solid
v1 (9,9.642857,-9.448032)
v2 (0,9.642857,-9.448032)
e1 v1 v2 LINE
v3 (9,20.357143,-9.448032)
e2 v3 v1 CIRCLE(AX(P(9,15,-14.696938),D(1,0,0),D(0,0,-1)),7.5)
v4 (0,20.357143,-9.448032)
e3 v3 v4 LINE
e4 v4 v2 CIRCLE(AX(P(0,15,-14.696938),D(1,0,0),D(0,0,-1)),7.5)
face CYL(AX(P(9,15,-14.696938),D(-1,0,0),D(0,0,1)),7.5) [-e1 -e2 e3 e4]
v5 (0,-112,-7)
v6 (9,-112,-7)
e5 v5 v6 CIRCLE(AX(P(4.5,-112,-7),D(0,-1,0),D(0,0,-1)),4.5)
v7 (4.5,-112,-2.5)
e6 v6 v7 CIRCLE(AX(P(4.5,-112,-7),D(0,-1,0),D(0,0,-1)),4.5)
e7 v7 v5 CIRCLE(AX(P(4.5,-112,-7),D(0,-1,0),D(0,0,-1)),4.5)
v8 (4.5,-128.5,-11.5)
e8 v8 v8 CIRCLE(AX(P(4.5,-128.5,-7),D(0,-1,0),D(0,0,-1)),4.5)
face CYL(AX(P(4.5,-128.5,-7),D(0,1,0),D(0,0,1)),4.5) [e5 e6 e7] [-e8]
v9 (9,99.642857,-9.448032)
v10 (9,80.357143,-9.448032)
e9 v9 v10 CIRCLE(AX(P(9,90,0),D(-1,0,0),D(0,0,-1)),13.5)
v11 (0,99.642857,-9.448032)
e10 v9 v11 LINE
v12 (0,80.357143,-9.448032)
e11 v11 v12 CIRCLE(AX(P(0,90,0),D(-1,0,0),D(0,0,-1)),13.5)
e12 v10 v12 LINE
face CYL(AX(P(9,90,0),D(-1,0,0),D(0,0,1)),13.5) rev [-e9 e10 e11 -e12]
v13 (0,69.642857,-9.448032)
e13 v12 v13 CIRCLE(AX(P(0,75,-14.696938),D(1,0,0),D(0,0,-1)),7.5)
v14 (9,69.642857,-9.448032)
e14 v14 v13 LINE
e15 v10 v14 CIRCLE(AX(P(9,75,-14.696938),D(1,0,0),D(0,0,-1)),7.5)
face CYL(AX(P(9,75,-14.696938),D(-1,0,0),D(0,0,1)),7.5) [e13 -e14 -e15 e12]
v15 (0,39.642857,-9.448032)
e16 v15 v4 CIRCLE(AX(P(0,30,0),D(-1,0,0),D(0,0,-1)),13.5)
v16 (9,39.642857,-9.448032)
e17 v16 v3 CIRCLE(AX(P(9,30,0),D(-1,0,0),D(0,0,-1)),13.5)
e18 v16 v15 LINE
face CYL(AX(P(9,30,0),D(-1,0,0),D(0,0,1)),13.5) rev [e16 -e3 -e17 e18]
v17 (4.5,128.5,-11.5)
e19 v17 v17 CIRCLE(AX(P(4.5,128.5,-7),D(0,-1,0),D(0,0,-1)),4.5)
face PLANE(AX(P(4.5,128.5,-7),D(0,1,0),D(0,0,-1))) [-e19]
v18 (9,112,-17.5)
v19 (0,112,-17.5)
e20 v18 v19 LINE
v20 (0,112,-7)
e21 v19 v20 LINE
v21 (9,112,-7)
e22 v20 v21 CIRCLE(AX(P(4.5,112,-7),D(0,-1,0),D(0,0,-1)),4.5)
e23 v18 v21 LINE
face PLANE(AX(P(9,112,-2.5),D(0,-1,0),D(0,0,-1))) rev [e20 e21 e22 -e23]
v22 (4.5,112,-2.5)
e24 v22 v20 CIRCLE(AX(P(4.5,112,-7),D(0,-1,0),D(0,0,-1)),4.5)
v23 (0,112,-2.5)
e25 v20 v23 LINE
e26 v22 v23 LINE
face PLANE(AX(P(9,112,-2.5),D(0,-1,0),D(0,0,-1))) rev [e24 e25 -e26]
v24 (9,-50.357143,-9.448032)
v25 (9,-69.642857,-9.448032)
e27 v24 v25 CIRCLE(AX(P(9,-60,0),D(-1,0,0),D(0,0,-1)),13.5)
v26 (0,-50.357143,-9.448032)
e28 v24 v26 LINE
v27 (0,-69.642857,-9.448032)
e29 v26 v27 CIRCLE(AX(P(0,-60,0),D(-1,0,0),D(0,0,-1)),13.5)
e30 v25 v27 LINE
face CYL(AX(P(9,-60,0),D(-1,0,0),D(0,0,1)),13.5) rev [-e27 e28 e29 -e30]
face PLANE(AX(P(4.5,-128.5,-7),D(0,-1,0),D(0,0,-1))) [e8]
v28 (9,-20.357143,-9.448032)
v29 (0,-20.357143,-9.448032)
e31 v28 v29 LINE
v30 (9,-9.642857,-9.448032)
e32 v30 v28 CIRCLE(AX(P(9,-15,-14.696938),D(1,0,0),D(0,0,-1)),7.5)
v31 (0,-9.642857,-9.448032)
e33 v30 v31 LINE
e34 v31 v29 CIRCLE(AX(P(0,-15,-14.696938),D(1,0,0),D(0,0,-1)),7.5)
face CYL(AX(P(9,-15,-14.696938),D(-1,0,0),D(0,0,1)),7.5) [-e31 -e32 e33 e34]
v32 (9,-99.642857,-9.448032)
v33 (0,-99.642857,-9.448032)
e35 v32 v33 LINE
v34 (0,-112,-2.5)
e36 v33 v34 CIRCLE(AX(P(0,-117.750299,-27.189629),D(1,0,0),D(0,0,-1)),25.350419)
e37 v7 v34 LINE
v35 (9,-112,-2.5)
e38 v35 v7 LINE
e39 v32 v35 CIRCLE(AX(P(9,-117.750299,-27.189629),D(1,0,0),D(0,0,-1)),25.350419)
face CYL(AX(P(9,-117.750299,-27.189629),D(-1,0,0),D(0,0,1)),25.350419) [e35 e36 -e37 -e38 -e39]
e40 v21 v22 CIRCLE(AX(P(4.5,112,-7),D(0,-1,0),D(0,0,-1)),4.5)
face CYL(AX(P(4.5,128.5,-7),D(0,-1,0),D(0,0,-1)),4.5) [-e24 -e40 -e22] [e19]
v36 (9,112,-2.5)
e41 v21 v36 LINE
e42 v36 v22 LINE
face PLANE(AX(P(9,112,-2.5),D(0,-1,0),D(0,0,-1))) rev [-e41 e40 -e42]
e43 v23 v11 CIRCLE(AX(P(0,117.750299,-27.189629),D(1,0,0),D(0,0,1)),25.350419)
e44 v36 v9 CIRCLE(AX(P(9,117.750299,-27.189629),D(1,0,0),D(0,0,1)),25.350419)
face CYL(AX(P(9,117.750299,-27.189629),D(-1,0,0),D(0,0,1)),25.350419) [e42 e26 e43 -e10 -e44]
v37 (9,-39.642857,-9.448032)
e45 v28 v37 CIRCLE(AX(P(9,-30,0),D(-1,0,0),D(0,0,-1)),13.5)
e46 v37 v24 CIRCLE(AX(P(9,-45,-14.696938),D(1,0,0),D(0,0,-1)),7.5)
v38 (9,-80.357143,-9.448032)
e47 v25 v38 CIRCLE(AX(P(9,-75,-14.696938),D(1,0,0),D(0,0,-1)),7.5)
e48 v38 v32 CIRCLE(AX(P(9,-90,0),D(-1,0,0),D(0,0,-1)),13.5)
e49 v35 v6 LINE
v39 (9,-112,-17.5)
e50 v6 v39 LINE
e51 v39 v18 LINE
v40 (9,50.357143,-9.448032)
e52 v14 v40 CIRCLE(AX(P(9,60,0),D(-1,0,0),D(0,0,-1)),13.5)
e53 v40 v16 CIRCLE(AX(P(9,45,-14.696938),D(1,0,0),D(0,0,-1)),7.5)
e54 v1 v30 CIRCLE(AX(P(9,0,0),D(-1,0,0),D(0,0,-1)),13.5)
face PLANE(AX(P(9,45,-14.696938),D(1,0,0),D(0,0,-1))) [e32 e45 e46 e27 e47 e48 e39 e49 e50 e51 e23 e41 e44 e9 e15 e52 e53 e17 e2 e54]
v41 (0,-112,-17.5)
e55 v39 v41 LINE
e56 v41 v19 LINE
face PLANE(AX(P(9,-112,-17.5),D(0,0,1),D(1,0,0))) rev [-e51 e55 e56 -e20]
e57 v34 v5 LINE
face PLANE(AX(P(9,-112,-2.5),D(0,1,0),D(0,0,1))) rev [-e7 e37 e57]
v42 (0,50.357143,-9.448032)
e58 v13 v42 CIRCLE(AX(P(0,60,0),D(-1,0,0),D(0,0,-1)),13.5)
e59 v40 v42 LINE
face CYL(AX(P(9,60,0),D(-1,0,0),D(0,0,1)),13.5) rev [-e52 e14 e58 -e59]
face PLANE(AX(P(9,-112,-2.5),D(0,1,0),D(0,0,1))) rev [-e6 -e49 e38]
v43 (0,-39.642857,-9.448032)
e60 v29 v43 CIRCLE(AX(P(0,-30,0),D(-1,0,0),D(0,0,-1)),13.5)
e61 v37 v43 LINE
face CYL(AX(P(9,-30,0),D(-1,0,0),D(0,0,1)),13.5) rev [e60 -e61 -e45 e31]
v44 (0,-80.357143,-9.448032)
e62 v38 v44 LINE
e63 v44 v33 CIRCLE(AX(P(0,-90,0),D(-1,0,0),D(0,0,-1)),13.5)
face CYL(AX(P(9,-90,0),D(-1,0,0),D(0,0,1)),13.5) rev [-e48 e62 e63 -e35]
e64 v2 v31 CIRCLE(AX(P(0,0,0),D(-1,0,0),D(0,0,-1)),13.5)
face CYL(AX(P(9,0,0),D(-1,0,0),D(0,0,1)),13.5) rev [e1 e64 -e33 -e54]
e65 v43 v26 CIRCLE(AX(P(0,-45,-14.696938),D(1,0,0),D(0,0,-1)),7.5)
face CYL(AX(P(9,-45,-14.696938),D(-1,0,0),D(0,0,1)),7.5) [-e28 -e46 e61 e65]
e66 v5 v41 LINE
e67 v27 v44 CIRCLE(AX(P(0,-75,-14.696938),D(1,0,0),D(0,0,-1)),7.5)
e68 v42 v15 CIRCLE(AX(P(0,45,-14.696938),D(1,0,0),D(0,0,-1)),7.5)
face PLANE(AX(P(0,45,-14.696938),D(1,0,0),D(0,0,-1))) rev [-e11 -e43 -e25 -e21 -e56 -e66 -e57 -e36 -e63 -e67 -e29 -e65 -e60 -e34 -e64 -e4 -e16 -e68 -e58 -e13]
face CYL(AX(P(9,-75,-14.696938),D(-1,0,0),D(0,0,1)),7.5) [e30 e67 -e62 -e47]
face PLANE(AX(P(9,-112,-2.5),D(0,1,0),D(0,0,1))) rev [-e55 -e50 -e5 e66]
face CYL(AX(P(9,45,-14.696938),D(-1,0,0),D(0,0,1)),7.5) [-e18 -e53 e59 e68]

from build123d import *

# Parameters (mm, degrees)
BOSS_EXTRUDE1_DEPTH = 9
SKETCH2_R           = 4.5
BOSS_EXTRUDE2_DEPTH = 16.5


with BuildPart() as part:
    # Sketch1 → Boss-Extrude1 (new body)
    with BuildSketch(Plane.YZ):
        with BuildLine():
            Line((-112, -2.5), (-112, -17.5))
            Line((-112, -17.5), (112, -17.5))
            Line((112, -17.5), (112, -2.5))
            ThreePointArc((112, -2.5), (105.325857912, -5.092638652), (99.642857143, -9.448031865))
            ThreePointArc((99.642857143, -9.448031865), (90, -13.5), (80.357142857, -9.448031865))
            ThreePointArc((80.357142857, -9.448031865), (75, -7.196938457), (69.642857143, -9.448031865))
            ThreePointArc((69.642857143, -9.448031865), (60, -13.5), (50.357142857, -9.448031865))
            ThreePointArc((50.357142857, -9.448031865), (45, -7.196938457), (39.642857143, -9.448031865))
            ThreePointArc((39.642857143, -9.448031865), (30, -13.5), (20.357142857, -9.448031865))
            ThreePointArc((20.357142857, -9.448031865), (15, -7.196938457), (9.642857143, -9.448031865))
            ThreePointArc((9.642857143, -9.448031865), (0, -13.5), (-9.642857143, -9.448031865))
            ThreePointArc((-9.642857143, -9.448031865), (-15, -7.196938457), (-20.357142857, -9.448031865))
            ThreePointArc((-20.357142857, -9.448031865), (-30, -13.5), (-39.642857143, -9.448031865))
            ThreePointArc((-39.642857143, -9.448031865), (-45, -7.196938457), (-50.357142857, -9.448031865))
            ThreePointArc((-50.357142857, -9.448031865), (-60, -13.5), (-69.642857143, -9.448031865))
            ThreePointArc((-69.642857143, -9.448031865), (-75, -7.196938457), (-80.357142857, -9.448031865))
            ThreePointArc((-80.357142857, -9.448031865), (-90, -13.5), (-99.642857143, -9.448031865))
            ThreePointArc((-99.642857143, -9.448031865), (-105.325857912, -5.092638652), (-112, -2.5))
        make_face()
    extrude(amount=BOSS_EXTRUDE1_DEPTH)

    # Sketch2 → Boss-Extrude2 (add)
    with BuildSketch(Plane.XZ.offset(112)):
        with Locations(Location((4.5, -7, 0), (0, 0, 90))):
            Circle(SKETCH2_R)
    boss_extrude2 = extrude(amount=BOSS_EXTRUDE2_DEPTH)

    # Mirror1: Boss-Extrude2 across plane
    add(boss_extrude2.mirror(Plane.ZX))


solid = part.part
